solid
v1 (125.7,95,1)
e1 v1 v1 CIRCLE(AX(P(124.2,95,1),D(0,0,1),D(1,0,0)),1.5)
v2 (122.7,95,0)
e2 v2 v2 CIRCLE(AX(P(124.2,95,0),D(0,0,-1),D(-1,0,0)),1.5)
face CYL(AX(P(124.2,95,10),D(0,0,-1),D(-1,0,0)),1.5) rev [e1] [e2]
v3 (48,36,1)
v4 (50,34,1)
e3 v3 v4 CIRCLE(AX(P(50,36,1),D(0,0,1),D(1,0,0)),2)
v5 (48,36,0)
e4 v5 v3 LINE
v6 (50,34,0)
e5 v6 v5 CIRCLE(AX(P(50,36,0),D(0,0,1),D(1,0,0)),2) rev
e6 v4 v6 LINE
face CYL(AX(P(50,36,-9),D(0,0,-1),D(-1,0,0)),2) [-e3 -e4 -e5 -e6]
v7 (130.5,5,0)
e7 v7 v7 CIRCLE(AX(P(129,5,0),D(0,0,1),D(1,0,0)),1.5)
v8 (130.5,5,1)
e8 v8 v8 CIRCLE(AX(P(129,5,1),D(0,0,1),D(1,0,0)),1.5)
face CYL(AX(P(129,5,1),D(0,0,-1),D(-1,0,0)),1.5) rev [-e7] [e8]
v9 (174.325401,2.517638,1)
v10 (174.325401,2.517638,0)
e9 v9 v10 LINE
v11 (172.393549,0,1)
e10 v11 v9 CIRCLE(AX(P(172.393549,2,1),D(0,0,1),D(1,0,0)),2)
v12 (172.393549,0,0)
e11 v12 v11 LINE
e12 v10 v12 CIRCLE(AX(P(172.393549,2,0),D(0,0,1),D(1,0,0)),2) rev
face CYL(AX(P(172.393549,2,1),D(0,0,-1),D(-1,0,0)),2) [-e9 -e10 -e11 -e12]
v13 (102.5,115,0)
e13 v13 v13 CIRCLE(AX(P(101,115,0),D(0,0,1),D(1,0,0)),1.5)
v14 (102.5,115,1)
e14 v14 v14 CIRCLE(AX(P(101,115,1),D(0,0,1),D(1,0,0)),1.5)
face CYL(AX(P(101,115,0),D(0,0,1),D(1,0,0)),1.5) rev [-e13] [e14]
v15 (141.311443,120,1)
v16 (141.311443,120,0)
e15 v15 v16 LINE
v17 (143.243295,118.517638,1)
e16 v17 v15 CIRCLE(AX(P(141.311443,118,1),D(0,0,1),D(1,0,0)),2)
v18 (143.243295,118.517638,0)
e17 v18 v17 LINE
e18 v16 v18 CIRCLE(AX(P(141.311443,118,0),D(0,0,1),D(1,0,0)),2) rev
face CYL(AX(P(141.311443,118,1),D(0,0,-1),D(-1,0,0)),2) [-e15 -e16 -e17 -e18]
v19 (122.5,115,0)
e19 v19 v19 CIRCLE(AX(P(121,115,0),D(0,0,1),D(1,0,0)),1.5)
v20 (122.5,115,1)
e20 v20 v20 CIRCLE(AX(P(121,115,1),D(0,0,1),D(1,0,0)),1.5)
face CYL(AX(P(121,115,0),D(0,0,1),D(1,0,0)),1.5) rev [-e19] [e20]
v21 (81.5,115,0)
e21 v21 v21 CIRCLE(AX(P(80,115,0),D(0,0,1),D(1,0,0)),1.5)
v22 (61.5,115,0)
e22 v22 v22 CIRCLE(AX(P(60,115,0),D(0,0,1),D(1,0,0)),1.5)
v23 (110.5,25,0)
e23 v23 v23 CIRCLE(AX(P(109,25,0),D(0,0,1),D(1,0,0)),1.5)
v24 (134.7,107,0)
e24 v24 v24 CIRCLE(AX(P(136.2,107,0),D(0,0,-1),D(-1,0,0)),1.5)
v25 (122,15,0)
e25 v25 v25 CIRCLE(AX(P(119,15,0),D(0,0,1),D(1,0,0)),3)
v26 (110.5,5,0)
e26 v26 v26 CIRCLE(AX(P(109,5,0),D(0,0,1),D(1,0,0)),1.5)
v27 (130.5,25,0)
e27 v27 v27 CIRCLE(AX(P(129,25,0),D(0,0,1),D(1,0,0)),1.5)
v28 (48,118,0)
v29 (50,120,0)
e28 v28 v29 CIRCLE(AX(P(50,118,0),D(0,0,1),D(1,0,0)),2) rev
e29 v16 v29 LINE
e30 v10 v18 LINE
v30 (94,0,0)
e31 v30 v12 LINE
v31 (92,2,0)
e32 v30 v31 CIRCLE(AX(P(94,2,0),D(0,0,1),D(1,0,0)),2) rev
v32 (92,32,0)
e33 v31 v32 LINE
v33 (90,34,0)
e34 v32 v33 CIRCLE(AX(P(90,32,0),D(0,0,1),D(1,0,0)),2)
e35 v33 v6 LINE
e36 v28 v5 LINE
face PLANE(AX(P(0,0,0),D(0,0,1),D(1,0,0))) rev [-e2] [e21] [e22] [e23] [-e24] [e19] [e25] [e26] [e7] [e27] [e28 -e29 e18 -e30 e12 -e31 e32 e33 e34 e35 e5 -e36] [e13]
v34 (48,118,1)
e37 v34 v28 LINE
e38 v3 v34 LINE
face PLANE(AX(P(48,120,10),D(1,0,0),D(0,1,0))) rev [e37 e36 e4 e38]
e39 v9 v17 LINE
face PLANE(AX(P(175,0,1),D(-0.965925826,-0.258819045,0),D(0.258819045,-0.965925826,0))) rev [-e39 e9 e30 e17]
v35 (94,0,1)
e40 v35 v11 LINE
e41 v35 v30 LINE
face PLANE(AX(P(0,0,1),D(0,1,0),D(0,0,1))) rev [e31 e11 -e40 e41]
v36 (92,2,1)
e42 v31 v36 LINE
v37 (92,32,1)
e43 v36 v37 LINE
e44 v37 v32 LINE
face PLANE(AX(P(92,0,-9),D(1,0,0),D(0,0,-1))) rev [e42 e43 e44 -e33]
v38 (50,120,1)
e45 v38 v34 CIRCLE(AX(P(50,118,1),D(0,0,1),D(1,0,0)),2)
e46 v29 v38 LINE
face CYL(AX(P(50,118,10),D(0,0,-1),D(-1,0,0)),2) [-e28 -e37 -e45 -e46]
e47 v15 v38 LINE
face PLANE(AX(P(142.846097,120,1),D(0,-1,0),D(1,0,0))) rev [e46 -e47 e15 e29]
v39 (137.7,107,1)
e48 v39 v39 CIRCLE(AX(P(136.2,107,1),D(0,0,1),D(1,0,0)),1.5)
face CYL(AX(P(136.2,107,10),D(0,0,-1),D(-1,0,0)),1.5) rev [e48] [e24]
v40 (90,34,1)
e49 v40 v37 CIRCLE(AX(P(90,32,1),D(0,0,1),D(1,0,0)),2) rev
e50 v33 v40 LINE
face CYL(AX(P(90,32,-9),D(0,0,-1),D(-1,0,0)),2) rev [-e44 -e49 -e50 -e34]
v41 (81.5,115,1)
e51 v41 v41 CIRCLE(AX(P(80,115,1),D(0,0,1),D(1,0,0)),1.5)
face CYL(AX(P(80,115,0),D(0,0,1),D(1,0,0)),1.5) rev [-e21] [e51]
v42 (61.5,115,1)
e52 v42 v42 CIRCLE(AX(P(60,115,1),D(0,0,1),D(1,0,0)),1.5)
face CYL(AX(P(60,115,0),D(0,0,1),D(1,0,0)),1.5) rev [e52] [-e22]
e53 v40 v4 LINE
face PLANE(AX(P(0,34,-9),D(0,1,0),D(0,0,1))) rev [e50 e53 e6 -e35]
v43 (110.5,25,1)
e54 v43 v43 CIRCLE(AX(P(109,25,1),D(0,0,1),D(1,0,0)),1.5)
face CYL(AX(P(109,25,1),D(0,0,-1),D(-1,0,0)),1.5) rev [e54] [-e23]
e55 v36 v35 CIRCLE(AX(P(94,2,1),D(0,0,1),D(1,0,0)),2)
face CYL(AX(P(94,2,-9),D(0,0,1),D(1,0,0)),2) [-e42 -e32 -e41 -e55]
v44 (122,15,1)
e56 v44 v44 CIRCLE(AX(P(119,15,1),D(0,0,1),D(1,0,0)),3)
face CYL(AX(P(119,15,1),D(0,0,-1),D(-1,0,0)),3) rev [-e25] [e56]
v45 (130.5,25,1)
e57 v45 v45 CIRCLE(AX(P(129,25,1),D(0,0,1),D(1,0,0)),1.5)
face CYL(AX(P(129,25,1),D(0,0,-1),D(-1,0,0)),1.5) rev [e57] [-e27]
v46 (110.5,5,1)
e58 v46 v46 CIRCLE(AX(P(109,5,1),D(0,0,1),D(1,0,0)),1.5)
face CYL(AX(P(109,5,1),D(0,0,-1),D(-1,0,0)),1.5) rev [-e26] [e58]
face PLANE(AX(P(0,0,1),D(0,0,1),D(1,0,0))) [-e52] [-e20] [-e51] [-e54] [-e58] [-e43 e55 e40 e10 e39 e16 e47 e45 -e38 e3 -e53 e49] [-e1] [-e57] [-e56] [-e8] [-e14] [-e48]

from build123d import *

# Parameters (mm, degrees)
SKETCH_1_R           = 1.5
SKETCH_1_R_2         = 3
EXTRUDE_1_DEPTH      = 1
SKETCH_4_R           = 1.5
CUT_EXTRUDE_2_DEPTH  = 4
SKETCH_5_R           = 1.5
CUT_EXTRUDE_3_DEPTH  = 10
SKETCH_6_W           = 53
SKETCH_6_H           = 34
CUT_EXTRUDE_4_DEPTH  = 10
SKETCH_7_W           = 39
SKETCH_7_H           = 34
CUT_EXTRUDE_5_DEPTH  = 10
SKETCH_10_R          = 10
CUT_EXTRUDE_8_DEPTH  = 10
SKETCH_13_R          = 1.5
CUT_EXTRUDE_10_DEPTH = 1
FILLET_1_R           = 2
EXTRUDE_START        = -1
SKETCH_20_R          = 10
EXTRUDE_3_DEPTH      = 1
SKETCH_21_W          = 48
SKETCH_21_H          = 86
CUT_EXTRUDE_16_DEPTH = 10
FILLET_5_R           = 2


with BuildPart() as part:
    # 草图1 → 凸台-拉伸1 (new body)
    with BuildSketch(Plane.XY):
        Polygon((0, 0), (175, 0), (142.846096908, 120), (0, 120), align=None)
        with Locations((129, 25)):
            Circle(SKETCH_1_R, mode=Mode.SUBTRACT)
        with Locations((129, 5)):
            Circle(SKETCH_1_R, mode=Mode.SUBTRACT)
        with Locations((119, 15)):
            Circle(SKETCH_1_R_2, mode=Mode.SUBTRACT)
        with Locations((109, 5)):
            Circle(SKETCH_1_R, mode=Mode.SUBTRACT)
        with Locations((109, 25)):
            Circle(SKETCH_1_R, mode=Mode.SUBTRACT)
    extrude(amount=EXTRUDE_1_DEPTH)

    # 草图4 → 切除-拉伸2 (cut)
    with BuildSketch(Plane(origin=(0, 0, 0), x_dir=(-1, 0, 0), z_dir=(0, 0, -1))):
        with Locations((-22, 101)):
            Circle(SKETCH_4_R)
        with Locations((-22, 81)):
            Circle(SKETCH_4_R)
        with Locations((-22, 60)):
            Circle(SKETCH_4_R)
        with Locations((-22, 40)):
            Circle(SKETCH_4_R)
    extrude(amount=-CUT_EXTRUDE_2_DEPTH, mode=Mode.SUBTRACT)

    # 草图5 → 切除-拉伸3 (cut)
    with BuildSketch(Plane(origin=(0, 0, 0), x_dir=(-1, 0, 0), z_dir=(0, 0, -1))):
        with Locations((-136.2, 107)):
            Circle(SKETCH_5_R)
        with Locations((-124.2, 95)):
            Circle(SKETCH_5_R)
    extrude(amount=-CUT_EXTRUDE_3_DEPTH, mode=Mode.SUBTRACT)

    # 草图6 → 切除-拉伸4 (cut)
    with BuildSketch(Plane.XY.offset(1)):
        with Locations((26.5, 17)):
            Rectangle(SKETCH_6_W, SKETCH_6_H)
    extrude(amount=-CUT_EXTRUDE_4_DEPTH, mode=Mode.SUBTRACT)

    # 草图7 → 切除-拉伸5 (cut)
    with BuildSketch(Plane.XY.offset(1)):
        with Locations((72.5, 17)):
            Rectangle(SKETCH_7_W, SKETCH_7_H)
    extrude(amount=-CUT_EXTRUDE_5_DEPTH, mode=Mode.SUBTRACT)

    # 草图10 → 切除-拉伸8 (cut)
    with BuildSketch(Plane.XY.offset(1)):
        with Locations((37, 104)):
            Circle(SKETCH_10_R)
    extrude(amount=-CUT_EXTRUDE_8_DEPTH, mode=Mode.SUBTRACT)

    # 草图13 → 切除-拉伸10 (cut)
    with BuildSketch(Plane.XY.offset(1)):
        with Locations((121, 115)):
            Circle(SKETCH_13_R)
        with Locations((101, 115)):
            Circle(SKETCH_13_R)
        with Locations((80, 115)):
            Circle(SKETCH_13_R)
        with Locations((60, 115)):
            Circle(SKETCH_13_R)
        with Locations((45, 115)):
            Circle(SKETCH_13_R)
        with Locations((25, 115)):
            Circle(SKETCH_13_R)
    extrude(amount=-CUT_EXTRUDE_10_DEPTH, mode=Mode.SUBTRACT)

    # 圆角1
    fillet_1_edges = [part.edges().sort_by_distance(p)[0] for p in [
        (0, 34, 0.5),
        (0, 120, 0.5),
        (142.846096908, 120, 0.5),
        (175, 0, 0.5),
        (92, 34, 0.5),
        (92, 0, 0.5),
    ]]
    fillet(fillet_1_edges, radius=FILLET_1_R)

    # 草图20 → 凸台-拉伸3 (add)
    with BuildSketch(Plane(origin=(0, 0, 0), x_dir=(-1, 0, 0), z_dir=(0, 0, -1)).offset(EXTRUDE_START)):
        with Locations((-37, 104)):
            Circle(SKETCH_20_R)
    extrude(amount=EXTRUDE_3_DEPTH)

    # 草图21 → 切除-拉伸16 (cut)
    with BuildSketch(Plane(origin=(0, 0, 0), x_dir=(-1, 0, 0), z_dir=(0, 0, -1))):
        with Locations((-24, 77)):
            Rectangle(SKETCH_21_W, SKETCH_21_H)
    extrude(amount=-CUT_EXTRUDE_16_DEPTH, mode=Mode.SUBTRACT)

    # 圆角5
    fillet_5_edges = [part.edges().sort_by_distance(p)[0] for p in [
        (48, 34, 0.5),
        (48, 120, 0.5),
    ]]
    fillet(fillet_5_edges, radius=FILLET_5_R)


solid = part.part
